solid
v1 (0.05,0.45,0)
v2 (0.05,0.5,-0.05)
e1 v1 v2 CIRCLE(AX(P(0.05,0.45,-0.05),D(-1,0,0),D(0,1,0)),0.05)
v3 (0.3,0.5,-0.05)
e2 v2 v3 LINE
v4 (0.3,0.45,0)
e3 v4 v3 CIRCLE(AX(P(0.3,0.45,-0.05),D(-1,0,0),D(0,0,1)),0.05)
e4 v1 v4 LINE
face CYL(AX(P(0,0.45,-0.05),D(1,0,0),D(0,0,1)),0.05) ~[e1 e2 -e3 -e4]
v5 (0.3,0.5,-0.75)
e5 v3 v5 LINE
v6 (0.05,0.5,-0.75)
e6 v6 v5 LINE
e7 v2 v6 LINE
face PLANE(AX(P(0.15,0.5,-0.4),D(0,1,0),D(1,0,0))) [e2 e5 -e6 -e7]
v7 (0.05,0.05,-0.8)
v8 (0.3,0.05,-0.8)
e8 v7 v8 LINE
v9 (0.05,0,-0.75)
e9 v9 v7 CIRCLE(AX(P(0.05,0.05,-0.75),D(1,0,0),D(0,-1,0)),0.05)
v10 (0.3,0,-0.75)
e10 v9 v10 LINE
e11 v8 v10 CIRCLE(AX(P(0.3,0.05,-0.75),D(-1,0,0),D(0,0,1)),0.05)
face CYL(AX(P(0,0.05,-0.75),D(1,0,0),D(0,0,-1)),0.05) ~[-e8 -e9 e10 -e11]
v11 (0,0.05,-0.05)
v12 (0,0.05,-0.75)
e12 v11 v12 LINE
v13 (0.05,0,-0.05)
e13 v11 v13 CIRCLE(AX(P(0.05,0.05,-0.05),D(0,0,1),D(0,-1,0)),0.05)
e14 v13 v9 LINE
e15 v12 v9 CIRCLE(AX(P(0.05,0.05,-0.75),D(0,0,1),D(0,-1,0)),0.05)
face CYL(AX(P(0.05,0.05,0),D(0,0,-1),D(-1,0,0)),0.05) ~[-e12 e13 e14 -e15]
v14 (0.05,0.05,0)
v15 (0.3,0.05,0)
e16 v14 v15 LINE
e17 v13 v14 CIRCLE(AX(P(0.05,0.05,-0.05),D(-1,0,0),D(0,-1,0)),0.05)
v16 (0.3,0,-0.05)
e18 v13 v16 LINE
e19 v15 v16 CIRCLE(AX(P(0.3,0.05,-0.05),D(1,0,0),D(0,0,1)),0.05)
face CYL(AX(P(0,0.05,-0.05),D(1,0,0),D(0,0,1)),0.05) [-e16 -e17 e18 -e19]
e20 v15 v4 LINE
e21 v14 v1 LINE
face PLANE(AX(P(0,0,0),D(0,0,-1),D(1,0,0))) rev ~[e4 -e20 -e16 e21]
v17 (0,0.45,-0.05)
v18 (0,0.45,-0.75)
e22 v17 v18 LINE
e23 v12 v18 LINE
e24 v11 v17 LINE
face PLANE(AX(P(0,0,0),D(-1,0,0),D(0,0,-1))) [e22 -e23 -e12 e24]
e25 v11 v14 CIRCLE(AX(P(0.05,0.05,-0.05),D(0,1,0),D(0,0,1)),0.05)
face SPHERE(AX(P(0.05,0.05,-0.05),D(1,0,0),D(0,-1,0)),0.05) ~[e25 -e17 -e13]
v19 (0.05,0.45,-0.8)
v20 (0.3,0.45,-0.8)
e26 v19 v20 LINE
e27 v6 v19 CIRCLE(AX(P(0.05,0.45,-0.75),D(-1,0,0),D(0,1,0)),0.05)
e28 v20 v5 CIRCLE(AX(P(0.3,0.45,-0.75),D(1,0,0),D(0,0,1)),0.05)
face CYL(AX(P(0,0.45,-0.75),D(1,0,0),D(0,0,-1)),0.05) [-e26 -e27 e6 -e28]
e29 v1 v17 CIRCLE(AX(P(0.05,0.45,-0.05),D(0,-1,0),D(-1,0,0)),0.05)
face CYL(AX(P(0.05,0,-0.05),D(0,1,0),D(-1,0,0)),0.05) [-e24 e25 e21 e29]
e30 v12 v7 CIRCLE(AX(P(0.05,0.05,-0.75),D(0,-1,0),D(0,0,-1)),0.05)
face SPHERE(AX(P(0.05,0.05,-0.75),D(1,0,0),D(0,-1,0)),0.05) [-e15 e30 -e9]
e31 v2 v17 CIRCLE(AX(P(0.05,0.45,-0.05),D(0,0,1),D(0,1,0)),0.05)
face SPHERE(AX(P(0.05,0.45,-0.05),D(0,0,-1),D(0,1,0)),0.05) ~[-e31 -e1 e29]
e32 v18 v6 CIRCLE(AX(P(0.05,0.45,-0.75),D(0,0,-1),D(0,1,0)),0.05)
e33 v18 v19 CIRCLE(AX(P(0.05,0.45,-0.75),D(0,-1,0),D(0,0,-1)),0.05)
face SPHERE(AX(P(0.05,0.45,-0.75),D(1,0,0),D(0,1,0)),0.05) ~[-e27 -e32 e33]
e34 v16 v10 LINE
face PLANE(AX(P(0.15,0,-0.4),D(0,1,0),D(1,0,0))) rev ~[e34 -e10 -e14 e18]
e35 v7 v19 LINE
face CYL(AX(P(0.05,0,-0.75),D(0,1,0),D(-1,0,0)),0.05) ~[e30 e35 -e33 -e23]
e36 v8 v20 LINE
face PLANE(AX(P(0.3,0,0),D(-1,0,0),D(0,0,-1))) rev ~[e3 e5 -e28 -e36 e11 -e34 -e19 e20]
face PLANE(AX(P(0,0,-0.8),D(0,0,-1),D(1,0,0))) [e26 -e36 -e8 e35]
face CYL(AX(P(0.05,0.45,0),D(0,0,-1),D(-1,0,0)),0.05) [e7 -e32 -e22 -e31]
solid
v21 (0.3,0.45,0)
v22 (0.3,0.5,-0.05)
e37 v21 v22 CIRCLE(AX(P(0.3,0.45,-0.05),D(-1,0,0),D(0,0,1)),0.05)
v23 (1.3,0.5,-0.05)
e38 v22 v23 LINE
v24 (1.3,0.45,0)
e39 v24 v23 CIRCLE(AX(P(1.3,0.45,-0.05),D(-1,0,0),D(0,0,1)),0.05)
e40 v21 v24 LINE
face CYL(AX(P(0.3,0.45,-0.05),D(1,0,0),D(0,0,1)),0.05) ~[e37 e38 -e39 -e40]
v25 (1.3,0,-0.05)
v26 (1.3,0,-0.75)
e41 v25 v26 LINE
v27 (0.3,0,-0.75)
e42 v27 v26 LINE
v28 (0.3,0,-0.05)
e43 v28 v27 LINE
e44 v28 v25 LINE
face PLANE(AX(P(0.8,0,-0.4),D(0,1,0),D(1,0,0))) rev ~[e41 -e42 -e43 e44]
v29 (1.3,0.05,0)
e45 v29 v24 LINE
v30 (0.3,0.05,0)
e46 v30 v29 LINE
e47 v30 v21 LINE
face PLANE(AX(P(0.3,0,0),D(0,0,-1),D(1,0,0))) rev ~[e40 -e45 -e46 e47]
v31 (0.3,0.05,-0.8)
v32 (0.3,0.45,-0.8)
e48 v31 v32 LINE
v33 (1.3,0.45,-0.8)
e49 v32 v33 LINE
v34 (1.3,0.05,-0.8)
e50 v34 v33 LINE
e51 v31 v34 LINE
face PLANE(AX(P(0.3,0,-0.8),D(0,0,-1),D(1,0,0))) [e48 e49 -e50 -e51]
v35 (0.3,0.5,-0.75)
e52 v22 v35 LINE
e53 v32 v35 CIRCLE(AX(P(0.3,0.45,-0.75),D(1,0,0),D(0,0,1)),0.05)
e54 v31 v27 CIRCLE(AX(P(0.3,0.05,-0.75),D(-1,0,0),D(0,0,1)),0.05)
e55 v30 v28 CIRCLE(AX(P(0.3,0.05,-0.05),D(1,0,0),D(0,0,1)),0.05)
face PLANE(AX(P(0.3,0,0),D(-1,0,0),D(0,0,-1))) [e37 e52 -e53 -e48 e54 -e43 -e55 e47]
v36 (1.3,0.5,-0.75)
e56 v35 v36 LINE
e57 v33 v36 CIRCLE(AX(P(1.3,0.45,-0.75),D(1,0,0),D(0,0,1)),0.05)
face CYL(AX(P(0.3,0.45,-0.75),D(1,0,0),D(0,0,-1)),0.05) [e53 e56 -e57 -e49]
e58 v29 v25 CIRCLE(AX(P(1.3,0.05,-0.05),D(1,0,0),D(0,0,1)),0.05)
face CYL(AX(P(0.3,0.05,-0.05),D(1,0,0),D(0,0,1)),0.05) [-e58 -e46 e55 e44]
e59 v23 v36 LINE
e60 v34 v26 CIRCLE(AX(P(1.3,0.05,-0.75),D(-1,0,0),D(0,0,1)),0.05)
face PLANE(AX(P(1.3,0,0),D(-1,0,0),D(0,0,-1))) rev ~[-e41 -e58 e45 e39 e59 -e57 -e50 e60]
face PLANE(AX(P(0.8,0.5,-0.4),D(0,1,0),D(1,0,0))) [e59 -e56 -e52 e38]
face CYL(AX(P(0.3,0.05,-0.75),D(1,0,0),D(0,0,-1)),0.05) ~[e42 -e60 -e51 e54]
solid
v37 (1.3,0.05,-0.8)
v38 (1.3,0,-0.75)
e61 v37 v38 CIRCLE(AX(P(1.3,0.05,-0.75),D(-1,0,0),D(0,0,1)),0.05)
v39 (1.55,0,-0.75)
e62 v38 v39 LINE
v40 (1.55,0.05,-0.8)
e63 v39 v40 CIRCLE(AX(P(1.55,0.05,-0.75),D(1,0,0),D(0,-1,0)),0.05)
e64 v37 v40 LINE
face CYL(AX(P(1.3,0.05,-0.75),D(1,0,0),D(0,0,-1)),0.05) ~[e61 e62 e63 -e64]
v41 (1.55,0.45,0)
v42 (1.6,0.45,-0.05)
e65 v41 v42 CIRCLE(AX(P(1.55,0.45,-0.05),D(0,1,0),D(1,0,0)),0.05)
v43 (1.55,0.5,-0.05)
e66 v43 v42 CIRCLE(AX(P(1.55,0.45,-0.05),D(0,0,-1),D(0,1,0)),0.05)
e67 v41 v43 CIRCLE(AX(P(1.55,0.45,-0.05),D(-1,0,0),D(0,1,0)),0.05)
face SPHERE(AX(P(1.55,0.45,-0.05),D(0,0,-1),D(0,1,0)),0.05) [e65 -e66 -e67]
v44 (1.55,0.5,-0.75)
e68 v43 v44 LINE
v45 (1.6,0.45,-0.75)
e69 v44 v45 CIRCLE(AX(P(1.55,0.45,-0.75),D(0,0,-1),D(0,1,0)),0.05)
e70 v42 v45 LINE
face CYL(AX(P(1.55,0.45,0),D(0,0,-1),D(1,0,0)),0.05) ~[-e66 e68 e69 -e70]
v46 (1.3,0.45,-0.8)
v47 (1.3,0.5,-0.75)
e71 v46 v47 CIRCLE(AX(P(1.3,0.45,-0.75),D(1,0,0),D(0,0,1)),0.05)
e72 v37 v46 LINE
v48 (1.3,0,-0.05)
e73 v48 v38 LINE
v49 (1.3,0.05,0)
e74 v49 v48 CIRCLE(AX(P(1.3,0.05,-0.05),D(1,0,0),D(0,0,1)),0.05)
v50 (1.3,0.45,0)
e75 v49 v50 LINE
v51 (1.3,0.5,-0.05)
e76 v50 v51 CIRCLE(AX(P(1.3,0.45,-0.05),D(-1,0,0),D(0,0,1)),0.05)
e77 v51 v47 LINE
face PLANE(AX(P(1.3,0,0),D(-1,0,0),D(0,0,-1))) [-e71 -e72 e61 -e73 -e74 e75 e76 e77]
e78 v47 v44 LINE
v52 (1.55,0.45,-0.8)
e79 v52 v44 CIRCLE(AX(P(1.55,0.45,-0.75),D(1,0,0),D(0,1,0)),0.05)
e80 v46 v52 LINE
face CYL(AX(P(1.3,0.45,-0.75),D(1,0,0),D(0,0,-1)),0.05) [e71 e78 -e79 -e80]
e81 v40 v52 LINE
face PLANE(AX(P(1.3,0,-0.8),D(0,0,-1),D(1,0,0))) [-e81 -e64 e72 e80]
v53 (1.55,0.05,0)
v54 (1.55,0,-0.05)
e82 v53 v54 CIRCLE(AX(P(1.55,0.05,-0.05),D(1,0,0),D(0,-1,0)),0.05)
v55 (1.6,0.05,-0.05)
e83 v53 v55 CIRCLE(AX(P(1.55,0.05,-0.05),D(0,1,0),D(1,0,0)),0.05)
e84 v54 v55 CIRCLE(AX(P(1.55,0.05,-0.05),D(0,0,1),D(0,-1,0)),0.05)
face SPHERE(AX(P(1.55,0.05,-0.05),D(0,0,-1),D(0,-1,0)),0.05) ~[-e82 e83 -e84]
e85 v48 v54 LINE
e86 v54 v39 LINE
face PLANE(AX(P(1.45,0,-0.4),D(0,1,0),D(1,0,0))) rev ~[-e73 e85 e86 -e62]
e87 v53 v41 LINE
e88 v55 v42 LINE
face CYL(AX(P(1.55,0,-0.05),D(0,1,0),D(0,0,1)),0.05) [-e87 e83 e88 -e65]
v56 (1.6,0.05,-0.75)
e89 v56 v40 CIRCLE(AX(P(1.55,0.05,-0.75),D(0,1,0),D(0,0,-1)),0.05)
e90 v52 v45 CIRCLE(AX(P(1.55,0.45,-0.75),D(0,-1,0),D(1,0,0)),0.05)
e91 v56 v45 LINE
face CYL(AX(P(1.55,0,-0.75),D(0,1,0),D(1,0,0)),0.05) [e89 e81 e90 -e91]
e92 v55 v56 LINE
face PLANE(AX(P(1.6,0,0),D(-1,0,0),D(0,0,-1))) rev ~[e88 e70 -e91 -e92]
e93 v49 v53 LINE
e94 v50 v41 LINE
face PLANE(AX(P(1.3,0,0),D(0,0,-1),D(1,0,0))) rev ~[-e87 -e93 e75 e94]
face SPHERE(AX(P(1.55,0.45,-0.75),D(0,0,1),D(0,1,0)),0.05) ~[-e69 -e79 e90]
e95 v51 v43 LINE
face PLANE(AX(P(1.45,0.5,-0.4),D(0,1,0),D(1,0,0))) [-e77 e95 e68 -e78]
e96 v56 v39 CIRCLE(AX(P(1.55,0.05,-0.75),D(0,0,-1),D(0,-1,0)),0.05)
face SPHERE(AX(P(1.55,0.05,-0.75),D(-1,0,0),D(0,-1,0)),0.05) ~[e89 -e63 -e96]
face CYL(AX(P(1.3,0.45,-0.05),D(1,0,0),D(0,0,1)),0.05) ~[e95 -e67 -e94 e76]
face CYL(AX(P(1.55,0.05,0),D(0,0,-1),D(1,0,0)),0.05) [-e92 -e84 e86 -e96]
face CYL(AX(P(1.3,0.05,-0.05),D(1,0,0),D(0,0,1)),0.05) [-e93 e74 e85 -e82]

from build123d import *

# Parameters (mm, degrees)
SKETCH1_W             = 0.3
SKETCH1_H             = 0.8
BOSS_EXTRUDE1_DEPTH   = 0.5
BOSS_EXTRUDE1_2_DEPTH = 0.5
SKETCH2_W             = 1
SKETCH2_H             = 0.8
BOSS_EXTRUDE2_DEPTH   = 0.5
FILLET1_R             = 0.05
FILLET2_R             = 0.05
FILLET3_R             = 0.05


with BuildPart() as part:
    # Sketch1 → Boss-Extrude1 (new body)
    with BuildSketch(Plane(origin=(0, 0, 0), x_dir=(1, 0, 0), z_dir=(0, 1, 0))):
        with Locations((0.15, 0.4)):
            Rectangle(SKETCH1_W, SKETCH1_H)
    extrude(amount=BOSS_EXTRUDE1_DEPTH)

    # Fillet1
    fillet1_edges = [part.edges().sort_by_distance(p)[0] for p in [
        (0.15, 0.5, -0.8),
        (0, 0.5, -0.4),
        (0.15, 0, -0.8),
        (0.15, 0, 0),
        (0, 0, -0.4),
        (0.15, 0.5, 0),
        (0, 0.25, -0.8),
        (0, 0.25, 0),
    ]]
    fillet(fillet1_edges, radius=FILLET1_R)


with BuildPart() as body_2:
    # Sketch1 → Boss-Extrude1 2 (new body)
    with BuildSketch(Plane(origin=(0, 0, 0), x_dir=(1, 0, 0), z_dir=(0, 1, 0))):
        with Locations((1.45, 0.4)):
            Rectangle(SKETCH1_W, SKETCH1_H)
    extrude(amount=BOSS_EXTRUDE1_2_DEPTH)

    # Fillet2
    fillet2_edges = [body_2.edges().sort_by_distance(p)[0] for p in [
        (1.6, 0.5, -0.4),
        (1.45, 0.5, -0.8),
        (1.45, 0, -0.8),
        (1.6, 0, -0.4),
        (1.45, 0, 0),
        (1.45, 0.5, 0),
        (1.6, 0.25, -0.8),
        (1.6, 0.25, 0),
    ]]
    fillet(fillet2_edges, radius=FILLET2_R)


with BuildPart() as body_3:
    # Sketch2 → Boss-Extrude2 (new body)
    with BuildSketch(Plane(origin=(0, 0, 0), x_dir=(1, 0, 0), z_dir=(0, 1, 0))):
        with Locations((0.8, 0.4)):
            Rectangle(SKETCH2_W, SKETCH2_H)
    extrude(amount=BOSS_EXTRUDE2_DEPTH)

    # Fillet3
    fillet3_edges = [body_3.edges().sort_by_distance(p)[0] for p in [
        (0.8, 0.5, -0.8),
        (0.8, 0, -0.8),
        (0.8, 0, 0),
        (0.8, 0.5, 0),
    ]]
    fillet(fillet3_edges, radius=FILLET3_R)


solid = Compound([part.part, body_2.part, body_3.part])
